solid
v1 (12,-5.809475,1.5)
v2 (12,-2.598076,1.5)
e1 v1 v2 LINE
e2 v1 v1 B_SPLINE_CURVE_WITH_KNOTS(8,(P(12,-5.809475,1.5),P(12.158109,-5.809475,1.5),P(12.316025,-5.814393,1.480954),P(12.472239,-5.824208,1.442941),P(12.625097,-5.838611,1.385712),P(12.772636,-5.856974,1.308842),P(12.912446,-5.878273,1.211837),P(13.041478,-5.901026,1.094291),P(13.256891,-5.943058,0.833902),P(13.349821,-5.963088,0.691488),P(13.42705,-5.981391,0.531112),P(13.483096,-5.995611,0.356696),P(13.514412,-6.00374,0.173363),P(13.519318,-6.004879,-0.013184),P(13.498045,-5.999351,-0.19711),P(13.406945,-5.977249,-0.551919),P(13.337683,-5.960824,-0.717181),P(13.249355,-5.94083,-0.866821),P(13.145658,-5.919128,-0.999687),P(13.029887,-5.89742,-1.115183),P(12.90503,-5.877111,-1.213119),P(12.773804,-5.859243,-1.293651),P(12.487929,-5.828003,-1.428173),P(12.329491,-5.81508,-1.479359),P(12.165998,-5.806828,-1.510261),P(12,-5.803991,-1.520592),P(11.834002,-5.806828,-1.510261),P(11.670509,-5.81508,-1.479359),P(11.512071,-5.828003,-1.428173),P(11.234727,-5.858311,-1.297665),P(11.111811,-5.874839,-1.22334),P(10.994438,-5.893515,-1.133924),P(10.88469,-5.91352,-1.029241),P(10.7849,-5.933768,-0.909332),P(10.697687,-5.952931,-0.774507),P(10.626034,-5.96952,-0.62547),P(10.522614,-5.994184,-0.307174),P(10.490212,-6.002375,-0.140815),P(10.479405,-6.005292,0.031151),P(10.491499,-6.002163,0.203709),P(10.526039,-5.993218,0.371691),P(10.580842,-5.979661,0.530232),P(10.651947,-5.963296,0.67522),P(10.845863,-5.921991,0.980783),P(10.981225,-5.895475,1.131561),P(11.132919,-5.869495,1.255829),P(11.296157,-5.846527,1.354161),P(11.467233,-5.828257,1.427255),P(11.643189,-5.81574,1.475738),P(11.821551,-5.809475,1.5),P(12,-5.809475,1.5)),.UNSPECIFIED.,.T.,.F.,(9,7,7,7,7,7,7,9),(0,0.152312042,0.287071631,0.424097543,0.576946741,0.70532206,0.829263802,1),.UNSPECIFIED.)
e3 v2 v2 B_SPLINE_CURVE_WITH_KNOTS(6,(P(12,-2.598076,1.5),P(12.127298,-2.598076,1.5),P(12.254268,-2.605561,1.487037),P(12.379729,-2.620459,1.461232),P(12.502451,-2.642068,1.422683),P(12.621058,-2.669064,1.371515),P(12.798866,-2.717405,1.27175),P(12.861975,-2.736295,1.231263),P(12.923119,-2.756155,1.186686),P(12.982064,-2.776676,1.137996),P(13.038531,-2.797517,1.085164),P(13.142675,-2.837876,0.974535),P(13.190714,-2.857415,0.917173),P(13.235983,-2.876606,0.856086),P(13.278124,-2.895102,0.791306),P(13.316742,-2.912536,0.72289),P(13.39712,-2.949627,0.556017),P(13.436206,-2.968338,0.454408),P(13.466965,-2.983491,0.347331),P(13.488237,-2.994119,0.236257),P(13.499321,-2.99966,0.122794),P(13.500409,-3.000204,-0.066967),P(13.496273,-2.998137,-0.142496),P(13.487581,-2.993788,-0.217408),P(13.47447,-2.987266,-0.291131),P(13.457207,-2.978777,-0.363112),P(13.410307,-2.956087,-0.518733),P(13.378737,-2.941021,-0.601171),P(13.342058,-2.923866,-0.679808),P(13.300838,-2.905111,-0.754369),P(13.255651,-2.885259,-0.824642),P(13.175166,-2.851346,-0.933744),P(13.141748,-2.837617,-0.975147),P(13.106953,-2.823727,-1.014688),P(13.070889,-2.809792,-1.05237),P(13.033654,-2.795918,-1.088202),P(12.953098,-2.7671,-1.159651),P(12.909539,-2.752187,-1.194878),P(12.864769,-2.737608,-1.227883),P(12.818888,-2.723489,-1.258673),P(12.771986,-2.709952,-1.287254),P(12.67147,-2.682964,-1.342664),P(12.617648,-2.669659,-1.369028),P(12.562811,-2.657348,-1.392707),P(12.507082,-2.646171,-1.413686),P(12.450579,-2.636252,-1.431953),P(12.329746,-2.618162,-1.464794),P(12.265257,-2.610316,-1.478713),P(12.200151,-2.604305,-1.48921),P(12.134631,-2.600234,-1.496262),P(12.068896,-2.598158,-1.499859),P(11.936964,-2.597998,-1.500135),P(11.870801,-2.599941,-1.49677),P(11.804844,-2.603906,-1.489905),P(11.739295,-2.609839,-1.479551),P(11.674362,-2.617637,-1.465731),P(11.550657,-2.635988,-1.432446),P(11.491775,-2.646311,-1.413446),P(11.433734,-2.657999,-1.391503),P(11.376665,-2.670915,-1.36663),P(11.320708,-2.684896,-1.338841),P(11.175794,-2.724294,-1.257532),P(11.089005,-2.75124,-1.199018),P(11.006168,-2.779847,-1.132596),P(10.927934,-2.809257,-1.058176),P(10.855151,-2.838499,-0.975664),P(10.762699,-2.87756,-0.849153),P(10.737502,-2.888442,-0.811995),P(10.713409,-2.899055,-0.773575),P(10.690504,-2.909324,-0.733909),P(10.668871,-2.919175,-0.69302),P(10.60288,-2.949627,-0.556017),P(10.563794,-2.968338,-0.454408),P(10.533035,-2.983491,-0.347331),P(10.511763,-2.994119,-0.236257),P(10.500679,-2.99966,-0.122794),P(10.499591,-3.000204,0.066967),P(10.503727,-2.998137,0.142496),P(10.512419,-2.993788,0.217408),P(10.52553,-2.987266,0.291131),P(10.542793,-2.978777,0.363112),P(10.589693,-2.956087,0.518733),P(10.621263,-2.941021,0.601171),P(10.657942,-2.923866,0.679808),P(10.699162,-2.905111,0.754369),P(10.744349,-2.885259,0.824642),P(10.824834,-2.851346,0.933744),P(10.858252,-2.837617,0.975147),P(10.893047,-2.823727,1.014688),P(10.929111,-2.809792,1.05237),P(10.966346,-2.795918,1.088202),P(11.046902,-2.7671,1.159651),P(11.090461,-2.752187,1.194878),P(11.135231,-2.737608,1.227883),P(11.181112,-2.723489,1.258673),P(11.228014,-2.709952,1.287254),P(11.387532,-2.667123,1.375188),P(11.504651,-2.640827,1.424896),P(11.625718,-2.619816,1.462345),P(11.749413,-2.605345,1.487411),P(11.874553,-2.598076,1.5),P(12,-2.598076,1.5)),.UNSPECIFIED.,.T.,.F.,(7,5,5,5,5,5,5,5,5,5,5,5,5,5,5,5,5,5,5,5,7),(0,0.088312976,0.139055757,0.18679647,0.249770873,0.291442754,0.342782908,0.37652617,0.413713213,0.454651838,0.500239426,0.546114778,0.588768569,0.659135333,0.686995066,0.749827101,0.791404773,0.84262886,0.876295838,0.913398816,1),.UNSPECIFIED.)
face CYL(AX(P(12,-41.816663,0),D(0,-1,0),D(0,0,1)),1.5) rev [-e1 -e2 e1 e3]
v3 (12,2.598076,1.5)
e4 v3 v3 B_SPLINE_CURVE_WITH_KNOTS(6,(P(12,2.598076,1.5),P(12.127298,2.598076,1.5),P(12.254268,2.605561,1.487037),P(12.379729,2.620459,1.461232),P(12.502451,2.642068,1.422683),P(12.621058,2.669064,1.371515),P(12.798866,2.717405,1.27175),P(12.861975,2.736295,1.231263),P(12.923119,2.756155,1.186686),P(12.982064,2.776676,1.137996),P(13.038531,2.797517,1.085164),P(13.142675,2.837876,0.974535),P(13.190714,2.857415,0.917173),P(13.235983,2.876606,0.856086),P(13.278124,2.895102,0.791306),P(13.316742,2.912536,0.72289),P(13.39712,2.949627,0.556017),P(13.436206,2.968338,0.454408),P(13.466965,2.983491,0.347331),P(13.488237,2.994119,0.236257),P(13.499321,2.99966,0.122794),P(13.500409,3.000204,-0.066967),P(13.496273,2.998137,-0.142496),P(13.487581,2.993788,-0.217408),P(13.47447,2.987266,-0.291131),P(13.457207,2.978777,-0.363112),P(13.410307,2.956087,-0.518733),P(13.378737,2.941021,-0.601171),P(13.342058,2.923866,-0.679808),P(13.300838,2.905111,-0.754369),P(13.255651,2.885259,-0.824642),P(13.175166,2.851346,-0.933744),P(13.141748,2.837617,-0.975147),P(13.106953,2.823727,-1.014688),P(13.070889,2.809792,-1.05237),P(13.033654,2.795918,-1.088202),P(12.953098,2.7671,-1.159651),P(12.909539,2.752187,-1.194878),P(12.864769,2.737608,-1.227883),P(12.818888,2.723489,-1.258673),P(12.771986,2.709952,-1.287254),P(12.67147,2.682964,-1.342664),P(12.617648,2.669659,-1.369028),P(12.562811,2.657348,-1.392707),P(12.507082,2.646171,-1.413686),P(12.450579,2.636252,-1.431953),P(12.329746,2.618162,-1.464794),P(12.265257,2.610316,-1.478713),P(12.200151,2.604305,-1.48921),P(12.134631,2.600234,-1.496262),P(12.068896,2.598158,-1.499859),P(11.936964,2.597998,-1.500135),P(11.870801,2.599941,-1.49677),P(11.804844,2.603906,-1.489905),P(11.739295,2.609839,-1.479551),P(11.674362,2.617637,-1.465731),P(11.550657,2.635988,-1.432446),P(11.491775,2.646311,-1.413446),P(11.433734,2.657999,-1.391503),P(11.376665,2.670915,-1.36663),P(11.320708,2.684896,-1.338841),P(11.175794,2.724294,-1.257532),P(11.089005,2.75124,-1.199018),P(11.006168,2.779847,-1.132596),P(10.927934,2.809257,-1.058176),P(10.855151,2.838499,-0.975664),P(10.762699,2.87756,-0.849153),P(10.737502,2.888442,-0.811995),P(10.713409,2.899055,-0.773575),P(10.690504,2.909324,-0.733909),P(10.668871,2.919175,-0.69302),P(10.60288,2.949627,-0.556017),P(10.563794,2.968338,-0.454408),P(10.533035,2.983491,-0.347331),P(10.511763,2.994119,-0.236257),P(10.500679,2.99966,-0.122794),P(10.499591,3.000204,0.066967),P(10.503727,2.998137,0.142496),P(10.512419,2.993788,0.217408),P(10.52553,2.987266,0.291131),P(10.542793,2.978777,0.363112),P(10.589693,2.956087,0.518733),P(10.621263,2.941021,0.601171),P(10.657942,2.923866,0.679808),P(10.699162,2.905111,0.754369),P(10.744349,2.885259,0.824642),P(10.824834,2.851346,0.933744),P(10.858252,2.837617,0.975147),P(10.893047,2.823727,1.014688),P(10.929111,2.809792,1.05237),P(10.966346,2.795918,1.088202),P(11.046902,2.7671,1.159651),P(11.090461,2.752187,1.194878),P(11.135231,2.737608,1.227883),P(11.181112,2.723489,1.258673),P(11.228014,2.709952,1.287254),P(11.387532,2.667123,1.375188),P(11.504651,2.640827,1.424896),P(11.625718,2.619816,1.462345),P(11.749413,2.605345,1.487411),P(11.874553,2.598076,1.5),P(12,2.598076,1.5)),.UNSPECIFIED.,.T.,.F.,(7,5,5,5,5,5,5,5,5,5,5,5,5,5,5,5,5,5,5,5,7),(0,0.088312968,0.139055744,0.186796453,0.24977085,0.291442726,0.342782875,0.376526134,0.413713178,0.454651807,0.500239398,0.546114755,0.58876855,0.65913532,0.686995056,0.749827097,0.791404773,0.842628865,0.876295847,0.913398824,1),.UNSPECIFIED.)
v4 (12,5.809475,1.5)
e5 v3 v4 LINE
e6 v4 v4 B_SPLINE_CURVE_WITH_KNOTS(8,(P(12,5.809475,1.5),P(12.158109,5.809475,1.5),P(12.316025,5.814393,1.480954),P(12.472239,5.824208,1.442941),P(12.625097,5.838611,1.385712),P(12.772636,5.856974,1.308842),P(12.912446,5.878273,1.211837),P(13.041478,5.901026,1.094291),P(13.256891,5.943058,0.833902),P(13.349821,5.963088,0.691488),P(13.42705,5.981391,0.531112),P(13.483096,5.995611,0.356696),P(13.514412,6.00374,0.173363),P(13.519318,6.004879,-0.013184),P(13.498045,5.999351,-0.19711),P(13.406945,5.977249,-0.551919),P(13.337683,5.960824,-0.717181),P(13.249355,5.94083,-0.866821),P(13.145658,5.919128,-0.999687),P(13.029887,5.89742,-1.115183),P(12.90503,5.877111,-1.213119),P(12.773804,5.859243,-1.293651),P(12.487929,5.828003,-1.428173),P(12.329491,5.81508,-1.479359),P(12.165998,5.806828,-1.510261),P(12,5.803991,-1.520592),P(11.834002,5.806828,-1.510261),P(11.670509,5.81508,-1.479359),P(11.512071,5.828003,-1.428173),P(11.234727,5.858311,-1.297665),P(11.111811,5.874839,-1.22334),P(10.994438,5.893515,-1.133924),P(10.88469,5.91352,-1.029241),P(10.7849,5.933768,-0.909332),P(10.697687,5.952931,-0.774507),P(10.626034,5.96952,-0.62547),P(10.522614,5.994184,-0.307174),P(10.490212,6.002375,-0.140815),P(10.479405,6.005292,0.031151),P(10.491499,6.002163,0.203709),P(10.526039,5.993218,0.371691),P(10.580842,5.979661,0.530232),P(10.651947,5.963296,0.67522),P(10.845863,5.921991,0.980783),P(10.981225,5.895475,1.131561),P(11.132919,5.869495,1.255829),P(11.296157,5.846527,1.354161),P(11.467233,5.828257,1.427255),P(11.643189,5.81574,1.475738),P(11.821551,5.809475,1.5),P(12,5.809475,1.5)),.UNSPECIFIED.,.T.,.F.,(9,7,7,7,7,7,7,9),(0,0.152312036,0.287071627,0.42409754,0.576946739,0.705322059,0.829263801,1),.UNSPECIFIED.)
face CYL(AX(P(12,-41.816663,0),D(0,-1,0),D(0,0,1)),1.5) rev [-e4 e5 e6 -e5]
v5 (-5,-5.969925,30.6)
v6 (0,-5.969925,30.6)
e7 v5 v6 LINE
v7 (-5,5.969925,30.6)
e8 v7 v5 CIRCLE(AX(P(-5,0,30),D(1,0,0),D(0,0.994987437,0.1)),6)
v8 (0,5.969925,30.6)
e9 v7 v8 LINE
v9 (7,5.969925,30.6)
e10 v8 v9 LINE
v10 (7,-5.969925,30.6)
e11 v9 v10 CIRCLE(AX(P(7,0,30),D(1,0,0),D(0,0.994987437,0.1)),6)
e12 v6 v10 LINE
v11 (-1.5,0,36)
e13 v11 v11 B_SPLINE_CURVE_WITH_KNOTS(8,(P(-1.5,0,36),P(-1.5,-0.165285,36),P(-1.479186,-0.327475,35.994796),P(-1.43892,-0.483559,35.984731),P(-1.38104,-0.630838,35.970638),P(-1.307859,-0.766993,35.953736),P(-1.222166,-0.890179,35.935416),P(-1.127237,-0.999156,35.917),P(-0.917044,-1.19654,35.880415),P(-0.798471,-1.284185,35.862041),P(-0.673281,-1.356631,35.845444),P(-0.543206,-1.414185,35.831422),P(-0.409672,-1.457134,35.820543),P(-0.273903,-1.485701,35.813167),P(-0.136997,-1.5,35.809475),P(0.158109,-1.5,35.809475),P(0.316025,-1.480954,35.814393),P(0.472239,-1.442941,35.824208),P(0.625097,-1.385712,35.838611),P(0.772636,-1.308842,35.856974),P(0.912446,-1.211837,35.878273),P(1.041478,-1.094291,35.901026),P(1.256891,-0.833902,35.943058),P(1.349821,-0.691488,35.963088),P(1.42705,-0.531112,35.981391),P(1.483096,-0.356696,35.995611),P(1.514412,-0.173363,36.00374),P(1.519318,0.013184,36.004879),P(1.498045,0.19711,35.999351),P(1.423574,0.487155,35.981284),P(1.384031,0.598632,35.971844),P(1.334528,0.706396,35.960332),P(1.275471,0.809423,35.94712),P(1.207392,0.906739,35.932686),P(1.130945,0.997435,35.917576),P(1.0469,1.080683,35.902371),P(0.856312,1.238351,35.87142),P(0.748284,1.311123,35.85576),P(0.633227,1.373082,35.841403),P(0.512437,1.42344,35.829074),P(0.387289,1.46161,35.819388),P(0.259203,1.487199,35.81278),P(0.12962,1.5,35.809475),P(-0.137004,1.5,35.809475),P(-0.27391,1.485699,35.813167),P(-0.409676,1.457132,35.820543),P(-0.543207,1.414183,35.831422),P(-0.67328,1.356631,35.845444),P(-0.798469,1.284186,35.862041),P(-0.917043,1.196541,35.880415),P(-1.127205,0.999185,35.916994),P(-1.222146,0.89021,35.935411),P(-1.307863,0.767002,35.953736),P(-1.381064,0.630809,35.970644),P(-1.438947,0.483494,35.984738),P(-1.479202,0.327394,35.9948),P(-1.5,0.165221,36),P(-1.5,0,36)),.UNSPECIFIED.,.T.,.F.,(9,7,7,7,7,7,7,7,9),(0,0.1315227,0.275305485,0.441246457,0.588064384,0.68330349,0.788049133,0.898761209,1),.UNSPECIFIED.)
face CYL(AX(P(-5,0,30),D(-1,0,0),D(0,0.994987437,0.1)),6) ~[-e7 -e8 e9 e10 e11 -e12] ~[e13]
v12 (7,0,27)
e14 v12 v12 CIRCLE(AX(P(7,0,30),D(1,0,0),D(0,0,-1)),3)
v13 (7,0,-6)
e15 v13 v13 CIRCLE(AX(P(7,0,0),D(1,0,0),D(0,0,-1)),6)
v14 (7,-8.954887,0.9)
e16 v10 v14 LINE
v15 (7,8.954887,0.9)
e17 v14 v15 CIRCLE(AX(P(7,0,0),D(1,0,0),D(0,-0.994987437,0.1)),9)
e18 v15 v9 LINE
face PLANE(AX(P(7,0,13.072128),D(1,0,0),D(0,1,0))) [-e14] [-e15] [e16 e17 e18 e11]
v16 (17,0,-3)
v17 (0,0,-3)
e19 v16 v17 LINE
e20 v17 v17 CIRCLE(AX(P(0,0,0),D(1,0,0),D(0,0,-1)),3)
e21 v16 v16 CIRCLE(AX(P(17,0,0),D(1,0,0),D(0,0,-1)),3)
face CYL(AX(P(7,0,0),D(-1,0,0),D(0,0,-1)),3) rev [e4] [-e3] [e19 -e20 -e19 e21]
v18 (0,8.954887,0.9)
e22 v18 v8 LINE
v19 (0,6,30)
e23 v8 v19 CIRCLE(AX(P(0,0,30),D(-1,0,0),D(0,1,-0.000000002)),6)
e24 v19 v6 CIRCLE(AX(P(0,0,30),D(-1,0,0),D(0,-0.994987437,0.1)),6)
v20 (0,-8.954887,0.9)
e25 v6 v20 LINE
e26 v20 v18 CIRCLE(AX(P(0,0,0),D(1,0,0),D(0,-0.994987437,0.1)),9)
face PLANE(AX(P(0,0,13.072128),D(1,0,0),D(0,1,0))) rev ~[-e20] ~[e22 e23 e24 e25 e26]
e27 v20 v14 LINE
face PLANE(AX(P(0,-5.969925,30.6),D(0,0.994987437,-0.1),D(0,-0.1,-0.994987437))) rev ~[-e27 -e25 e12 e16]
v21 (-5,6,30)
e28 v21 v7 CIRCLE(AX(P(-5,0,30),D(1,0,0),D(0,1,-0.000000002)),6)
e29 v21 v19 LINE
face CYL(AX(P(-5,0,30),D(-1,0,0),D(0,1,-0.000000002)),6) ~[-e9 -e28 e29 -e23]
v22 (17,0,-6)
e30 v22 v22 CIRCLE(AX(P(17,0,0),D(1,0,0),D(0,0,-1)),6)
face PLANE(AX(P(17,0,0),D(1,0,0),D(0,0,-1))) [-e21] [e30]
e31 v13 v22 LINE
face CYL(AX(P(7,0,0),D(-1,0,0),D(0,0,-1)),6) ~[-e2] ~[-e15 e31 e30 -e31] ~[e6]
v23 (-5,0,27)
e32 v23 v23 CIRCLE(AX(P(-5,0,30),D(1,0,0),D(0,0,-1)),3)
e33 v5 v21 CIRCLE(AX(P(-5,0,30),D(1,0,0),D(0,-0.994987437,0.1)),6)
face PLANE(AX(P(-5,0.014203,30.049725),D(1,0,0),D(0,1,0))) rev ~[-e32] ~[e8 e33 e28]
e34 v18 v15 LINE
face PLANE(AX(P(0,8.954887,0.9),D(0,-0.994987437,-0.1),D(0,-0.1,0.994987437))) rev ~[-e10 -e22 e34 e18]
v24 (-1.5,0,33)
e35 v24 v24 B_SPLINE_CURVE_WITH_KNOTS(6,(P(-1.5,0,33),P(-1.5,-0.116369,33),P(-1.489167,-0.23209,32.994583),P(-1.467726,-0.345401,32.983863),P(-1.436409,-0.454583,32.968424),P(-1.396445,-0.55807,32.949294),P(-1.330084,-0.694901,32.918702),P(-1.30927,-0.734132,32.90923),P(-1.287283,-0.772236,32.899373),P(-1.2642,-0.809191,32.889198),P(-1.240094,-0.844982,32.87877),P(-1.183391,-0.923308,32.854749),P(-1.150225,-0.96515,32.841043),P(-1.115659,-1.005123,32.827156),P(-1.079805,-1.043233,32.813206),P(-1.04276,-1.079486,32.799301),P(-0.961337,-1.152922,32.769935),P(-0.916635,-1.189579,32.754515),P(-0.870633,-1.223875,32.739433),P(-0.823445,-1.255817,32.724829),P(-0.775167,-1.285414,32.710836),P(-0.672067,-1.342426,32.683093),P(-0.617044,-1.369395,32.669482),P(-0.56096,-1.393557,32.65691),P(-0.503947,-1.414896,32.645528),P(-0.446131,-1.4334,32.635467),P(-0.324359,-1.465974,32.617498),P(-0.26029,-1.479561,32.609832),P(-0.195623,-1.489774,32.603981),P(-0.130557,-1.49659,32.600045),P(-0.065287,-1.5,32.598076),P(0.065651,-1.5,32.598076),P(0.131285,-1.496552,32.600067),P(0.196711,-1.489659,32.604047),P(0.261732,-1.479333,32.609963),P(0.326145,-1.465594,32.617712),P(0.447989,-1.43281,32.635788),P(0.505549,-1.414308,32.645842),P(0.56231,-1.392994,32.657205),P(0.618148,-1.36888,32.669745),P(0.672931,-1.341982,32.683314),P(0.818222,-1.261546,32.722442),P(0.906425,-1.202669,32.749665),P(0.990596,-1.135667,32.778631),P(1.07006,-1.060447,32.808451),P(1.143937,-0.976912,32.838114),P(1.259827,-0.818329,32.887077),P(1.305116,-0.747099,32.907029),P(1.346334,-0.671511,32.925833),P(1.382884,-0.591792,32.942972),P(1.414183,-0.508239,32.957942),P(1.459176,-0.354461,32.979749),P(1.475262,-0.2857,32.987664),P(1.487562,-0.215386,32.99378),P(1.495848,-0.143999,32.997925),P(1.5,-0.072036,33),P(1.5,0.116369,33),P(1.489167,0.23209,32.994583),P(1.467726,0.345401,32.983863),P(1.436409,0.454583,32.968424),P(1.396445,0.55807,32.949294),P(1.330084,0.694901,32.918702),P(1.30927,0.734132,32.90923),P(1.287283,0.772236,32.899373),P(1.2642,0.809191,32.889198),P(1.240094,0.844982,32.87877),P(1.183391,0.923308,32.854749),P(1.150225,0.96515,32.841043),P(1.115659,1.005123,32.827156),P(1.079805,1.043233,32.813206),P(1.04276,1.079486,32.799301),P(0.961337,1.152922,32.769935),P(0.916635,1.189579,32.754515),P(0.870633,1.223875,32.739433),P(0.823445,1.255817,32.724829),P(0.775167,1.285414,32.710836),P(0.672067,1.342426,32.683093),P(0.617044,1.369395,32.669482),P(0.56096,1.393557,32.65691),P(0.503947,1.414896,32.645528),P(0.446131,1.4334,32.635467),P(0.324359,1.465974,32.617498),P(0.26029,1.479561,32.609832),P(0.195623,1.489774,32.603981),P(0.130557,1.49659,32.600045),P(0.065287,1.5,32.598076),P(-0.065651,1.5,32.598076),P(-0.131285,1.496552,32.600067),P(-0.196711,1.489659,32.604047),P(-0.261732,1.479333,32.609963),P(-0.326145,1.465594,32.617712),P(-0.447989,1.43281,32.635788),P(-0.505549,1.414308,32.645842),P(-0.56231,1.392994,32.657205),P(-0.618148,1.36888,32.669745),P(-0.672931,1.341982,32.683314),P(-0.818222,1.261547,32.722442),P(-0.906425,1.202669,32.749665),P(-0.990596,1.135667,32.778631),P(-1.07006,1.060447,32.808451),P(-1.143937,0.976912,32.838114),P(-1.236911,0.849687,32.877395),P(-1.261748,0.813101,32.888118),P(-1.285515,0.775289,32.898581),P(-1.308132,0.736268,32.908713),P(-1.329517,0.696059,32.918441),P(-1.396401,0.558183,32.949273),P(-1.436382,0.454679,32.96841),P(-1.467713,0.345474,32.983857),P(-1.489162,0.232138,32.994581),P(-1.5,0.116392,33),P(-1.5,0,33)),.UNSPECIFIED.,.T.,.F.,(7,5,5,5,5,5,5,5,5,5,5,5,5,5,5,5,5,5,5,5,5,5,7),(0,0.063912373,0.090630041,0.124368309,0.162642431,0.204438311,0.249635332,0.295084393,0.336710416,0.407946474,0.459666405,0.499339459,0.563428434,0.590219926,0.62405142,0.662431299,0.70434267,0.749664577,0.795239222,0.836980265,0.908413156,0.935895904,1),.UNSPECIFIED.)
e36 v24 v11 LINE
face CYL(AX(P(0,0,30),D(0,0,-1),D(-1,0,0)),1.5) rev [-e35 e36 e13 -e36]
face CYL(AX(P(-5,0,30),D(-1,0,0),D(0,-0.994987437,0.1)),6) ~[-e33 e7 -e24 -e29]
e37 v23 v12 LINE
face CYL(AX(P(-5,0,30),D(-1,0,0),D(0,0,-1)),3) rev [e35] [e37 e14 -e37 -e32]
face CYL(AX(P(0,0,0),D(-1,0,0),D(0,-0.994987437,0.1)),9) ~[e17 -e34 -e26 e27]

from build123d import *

# Parameters (mm, degrees)
SKETCH1_R               = 3
BOSS_EXTRUDE1_DEPTH     = 7
BOSS_EXTRUDE2_START     = -12
SKETCH2_R               = 3
BOSS_EXTRUDE2_DEPTH     = 12
SKETCH2_4_R             = 6
SKETCH2_4_R_2           = 3
BOSS_EXTRUDE3_DEPTH     = 10
CUT_EXTRUDE1_DEPTH      = 41.816663264
CUT_EXTRUDE1_DEPTH_BACK = 41.816663264
SKETCH4_R               = 1.5
SKETCH6_R               = 1.5
CUT_EXTRUDE2_DEPTH      = 44.485629849


with BuildPart() as part:
    # Sketch1 → Boss-Extrude1 (new body)
    with BuildSketch(Plane.YZ):
        with BuildLine():
            Line((-5.969924623, 30.6), (-8.954886934, 0.9))
            ThreePointArc((-8.954886934, 0.9), (0, -9), (8.954886934, 0.9))
            Line((8.954886934, 0.9), (5.969924623, 30.6))
            ThreePointArc((5.969924623, 30.6), (0, 36), (-5.969924623, 30.6))
        make_face()
        Circle(SKETCH1_R, mode=Mode.SUBTRACT)
        with Locations((0, 30)):
            Circle(SKETCH1_R, mode=Mode.SUBTRACT)
    extrude(amount=BOSS_EXTRUDE1_DEPTH)

    # Sketch2 → Boss-Extrude2 (add)
    with BuildSketch(Plane.YZ.offset(7).offset(BOSS_EXTRUDE2_START)):
        with BuildLine():
            ThreePointArc((-5.969924623, 30.6), (-0.30037665, 24.007523561), (6, 30))
            ThreePointArc((6, 30), (5.992476439, 30.30037665), (5.969924623, 30.6))
            ThreePointArc((5.969924623, 30.6), (0, 36), (-5.969924623, 30.6))
        make_face()
        with Locations((0, 30)):
            Circle(SKETCH2_R, mode=Mode.SUBTRACT)
    extrude(amount=BOSS_EXTRUDE2_DEPTH)

    # Sketch2<4> → Boss-Extrude3 (add)
    with BuildSketch(Plane.YZ.offset(7)):
        Circle(SKETCH2_4_R)
        Circle(SKETCH2_4_R_2, mode=Mode.SUBTRACT)
    extrude(amount=BOSS_EXTRUDE3_DEPTH)

    # Sketch4 → Cut-Extrude1 (cut, two sides: drawn at the far end of the back side and taken through both)
    with BuildSketch(Plane(origin=(0, 0, 0), x_dir=(-1, 0, 0), z_dir=(0, 1, 0)).offset(-CUT_EXTRUDE1_DEPTH_BACK)):
        with Locations((-12, 0)):
            Circle(SKETCH4_R)
    extrude(amount=CUT_EXTRUDE1_DEPTH + CUT_EXTRUDE1_DEPTH_BACK, mode=Mode.SUBTRACT)

    # Sketch6 → Cut-Extrude2 (cut, through all)
    with BuildSketch(Plane(origin=(0, 0, 30), x_dir=(0, 1, 0), z_dir=(0, 0, 1))):
        Circle(SKETCH6_R)
    extrude(amount=CUT_EXTRUDE2_DEPTH, mode=Mode.SUBTRACT)


solid = part.part
